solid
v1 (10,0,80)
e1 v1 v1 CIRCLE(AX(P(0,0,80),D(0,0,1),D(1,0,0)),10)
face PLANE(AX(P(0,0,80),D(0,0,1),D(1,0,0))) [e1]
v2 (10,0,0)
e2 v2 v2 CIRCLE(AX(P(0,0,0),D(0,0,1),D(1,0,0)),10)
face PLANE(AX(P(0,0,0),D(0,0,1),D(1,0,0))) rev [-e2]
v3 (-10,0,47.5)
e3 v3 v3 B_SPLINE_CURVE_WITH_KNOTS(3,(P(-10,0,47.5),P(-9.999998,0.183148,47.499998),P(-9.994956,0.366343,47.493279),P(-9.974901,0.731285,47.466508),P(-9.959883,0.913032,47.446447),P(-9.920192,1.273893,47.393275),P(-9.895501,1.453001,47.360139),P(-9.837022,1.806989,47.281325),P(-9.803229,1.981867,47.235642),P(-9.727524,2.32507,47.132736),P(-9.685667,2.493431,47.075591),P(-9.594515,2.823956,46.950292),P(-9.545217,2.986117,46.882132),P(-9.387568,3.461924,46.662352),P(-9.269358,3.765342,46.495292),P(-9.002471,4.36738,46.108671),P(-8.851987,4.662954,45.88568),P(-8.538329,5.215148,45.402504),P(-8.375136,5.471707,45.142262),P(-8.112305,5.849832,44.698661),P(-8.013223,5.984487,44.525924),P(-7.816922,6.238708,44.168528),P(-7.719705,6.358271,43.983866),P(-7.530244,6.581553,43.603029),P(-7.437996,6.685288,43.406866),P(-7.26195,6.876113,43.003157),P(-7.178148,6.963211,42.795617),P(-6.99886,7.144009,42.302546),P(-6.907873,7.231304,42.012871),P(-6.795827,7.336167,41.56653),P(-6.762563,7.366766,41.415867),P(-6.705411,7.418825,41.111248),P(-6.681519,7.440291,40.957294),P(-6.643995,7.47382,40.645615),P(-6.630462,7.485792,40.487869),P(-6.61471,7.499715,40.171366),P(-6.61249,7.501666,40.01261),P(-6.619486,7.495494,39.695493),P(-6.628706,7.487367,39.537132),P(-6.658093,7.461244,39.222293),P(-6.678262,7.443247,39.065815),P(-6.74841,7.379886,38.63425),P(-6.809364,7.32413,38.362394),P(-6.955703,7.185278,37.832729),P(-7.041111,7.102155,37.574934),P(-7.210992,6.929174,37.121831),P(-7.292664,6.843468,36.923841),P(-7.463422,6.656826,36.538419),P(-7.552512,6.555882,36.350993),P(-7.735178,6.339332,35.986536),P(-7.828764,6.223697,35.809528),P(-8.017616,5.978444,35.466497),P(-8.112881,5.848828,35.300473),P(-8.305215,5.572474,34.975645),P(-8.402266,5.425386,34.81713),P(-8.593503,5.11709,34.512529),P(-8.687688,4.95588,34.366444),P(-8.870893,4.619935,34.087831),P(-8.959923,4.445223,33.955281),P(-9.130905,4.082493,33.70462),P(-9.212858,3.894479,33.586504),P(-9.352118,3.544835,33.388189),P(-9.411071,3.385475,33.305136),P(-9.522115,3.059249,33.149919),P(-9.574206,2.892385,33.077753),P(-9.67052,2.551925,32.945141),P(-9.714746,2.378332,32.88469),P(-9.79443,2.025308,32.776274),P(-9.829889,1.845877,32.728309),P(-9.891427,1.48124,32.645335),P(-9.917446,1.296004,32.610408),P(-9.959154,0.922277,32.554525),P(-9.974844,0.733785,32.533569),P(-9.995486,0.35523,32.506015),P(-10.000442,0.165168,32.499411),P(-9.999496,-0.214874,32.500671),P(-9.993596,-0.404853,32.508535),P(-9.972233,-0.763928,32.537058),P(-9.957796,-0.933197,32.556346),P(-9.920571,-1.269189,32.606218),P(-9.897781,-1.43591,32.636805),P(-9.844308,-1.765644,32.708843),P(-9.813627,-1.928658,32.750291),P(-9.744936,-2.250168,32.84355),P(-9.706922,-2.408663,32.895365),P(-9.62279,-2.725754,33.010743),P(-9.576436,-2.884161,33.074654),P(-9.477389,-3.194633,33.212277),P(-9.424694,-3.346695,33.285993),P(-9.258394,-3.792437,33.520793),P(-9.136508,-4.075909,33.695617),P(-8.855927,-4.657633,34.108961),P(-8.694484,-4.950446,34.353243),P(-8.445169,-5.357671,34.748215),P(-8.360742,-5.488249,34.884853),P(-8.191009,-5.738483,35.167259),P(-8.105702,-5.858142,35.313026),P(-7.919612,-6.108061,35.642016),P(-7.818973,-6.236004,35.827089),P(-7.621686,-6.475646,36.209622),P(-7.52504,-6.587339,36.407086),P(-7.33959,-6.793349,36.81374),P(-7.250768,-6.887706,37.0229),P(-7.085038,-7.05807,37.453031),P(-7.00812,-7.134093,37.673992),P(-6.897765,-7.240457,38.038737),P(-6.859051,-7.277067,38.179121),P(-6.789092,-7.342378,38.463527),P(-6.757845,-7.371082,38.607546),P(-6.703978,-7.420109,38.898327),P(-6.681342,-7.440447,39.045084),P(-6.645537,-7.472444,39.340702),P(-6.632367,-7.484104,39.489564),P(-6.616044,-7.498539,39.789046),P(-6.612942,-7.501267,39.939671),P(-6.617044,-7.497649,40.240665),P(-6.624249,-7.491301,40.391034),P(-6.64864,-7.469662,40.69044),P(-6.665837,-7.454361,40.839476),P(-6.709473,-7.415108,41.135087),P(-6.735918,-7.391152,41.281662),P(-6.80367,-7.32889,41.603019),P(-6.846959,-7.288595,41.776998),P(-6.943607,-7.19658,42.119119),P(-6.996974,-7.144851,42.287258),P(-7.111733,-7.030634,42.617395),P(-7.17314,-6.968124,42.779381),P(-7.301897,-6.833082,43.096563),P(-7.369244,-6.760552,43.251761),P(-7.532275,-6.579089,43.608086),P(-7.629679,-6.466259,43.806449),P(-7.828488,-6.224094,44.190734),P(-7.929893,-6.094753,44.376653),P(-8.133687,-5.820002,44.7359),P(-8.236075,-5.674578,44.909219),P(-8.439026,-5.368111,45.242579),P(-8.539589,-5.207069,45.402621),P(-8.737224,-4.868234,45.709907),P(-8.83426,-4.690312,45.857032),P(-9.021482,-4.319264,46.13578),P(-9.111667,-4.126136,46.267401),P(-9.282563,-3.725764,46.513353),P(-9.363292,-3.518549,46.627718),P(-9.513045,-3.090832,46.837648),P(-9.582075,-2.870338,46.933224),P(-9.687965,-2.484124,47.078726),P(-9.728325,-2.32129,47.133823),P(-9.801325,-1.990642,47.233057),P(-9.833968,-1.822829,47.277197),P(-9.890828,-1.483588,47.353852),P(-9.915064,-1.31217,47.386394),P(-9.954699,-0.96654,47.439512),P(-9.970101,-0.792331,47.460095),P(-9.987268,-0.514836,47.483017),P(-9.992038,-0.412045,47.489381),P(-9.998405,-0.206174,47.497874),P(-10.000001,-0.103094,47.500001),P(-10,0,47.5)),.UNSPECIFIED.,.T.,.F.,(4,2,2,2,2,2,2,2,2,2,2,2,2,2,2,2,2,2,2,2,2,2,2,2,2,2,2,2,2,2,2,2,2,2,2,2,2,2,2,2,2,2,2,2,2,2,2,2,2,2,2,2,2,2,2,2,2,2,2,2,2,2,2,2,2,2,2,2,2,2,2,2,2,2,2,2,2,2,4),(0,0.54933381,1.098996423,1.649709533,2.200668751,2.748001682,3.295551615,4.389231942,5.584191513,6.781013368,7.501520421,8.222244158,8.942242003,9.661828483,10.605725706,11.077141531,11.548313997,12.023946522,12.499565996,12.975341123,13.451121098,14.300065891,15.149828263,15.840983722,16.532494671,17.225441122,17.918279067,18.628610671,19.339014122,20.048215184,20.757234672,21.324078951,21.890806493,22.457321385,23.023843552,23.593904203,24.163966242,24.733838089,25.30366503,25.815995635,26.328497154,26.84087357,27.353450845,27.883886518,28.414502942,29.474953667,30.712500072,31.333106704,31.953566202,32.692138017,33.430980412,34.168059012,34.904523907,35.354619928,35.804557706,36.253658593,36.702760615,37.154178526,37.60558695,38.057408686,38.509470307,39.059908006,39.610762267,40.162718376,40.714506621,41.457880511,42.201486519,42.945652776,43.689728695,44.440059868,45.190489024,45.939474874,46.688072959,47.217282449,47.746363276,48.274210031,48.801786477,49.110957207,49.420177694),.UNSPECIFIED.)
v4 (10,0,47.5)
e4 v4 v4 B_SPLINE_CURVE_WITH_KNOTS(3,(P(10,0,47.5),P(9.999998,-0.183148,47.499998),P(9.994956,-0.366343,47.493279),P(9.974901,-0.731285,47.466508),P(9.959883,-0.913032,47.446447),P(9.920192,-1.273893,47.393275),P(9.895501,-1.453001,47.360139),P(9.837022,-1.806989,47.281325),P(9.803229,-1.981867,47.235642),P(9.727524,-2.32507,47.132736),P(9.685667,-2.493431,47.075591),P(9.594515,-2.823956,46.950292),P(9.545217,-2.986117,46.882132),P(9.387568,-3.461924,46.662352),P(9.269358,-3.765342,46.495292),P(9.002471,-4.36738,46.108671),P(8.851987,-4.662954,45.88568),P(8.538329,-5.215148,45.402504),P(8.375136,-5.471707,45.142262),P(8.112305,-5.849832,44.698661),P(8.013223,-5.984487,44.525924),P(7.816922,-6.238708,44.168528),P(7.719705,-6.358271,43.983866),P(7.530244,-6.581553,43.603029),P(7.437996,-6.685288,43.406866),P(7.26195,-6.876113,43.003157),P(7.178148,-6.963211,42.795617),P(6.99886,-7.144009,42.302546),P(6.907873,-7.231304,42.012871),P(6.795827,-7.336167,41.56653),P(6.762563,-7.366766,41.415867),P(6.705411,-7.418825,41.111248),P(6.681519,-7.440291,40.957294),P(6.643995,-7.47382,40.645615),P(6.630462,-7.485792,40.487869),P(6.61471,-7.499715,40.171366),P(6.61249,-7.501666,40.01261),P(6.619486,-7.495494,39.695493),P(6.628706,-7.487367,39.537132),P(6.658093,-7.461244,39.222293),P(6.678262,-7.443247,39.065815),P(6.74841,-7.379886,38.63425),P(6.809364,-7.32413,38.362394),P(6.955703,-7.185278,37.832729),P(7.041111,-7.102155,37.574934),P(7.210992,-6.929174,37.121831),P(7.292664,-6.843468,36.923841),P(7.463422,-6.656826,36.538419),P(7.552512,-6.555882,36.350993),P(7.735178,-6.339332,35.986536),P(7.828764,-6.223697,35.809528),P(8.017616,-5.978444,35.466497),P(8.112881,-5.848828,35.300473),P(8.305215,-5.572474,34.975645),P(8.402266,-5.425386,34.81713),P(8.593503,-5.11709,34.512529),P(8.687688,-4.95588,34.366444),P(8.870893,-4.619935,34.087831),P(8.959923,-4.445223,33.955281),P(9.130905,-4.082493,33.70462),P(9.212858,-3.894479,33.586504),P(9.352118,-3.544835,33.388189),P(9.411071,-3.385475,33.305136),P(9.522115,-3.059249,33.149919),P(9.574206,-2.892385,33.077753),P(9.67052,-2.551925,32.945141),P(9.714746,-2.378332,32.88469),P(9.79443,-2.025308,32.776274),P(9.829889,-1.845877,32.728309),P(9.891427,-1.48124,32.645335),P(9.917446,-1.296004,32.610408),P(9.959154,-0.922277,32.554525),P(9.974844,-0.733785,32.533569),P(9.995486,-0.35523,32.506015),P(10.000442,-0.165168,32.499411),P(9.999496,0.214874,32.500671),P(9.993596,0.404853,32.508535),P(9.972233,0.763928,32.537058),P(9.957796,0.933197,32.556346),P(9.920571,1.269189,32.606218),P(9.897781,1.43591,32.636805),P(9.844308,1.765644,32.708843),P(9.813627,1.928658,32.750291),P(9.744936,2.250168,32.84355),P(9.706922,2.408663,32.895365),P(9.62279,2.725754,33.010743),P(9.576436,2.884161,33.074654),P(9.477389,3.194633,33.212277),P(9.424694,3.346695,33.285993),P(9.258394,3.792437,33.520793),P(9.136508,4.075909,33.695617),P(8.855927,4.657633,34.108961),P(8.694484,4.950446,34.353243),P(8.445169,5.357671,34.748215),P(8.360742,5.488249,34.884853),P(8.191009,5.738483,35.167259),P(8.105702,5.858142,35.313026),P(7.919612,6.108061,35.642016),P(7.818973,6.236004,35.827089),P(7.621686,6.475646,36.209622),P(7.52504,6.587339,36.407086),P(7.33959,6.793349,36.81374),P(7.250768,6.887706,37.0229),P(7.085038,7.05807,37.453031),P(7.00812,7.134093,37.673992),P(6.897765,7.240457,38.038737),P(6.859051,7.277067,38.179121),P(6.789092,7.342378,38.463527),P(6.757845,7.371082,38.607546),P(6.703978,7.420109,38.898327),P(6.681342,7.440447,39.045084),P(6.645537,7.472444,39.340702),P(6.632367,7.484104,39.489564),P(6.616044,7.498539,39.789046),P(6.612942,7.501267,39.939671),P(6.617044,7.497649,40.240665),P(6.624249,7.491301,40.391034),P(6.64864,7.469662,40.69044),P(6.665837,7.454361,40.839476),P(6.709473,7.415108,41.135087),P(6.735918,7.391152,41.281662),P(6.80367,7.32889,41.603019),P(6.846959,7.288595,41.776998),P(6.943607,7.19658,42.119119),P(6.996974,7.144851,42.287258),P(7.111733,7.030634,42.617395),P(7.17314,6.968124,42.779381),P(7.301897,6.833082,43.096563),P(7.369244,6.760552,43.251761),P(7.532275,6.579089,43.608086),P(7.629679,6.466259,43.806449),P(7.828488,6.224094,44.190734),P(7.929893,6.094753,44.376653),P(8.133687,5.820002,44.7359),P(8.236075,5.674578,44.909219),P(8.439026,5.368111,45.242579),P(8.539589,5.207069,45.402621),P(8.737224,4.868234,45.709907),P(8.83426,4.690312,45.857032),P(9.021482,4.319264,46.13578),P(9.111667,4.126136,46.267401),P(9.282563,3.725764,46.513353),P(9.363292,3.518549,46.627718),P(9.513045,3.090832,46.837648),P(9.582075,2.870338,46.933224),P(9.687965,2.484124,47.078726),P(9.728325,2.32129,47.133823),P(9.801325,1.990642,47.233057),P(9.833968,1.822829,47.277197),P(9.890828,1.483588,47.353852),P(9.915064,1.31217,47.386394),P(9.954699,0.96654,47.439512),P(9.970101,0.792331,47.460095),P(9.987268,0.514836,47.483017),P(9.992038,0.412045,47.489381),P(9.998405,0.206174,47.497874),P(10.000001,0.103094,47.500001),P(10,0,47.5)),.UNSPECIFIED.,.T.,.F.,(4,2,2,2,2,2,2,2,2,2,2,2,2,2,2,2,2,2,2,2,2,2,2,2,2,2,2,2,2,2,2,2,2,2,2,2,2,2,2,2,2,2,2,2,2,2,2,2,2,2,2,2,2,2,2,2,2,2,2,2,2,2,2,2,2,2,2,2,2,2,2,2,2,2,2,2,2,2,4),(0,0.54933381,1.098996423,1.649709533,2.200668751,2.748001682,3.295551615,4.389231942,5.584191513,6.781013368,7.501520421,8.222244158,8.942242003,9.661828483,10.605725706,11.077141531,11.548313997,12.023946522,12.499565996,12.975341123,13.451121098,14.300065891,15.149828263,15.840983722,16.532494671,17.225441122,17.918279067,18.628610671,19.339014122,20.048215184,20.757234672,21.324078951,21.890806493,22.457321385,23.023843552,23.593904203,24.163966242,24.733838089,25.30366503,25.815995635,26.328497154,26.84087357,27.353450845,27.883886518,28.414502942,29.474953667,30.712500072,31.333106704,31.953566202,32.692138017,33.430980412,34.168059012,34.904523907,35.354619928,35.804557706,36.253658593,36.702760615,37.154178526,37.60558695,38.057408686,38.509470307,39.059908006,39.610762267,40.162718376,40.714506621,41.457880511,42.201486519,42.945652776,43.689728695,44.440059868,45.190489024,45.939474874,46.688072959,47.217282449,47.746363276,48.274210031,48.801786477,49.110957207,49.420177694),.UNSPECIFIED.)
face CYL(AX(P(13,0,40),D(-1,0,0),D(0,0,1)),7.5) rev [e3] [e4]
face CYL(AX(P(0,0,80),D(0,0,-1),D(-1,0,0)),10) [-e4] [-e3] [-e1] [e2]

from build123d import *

# Parameters (mm, degrees)
SKETCH1_R               = 10
BOSS_EXTRUDE1_DEPTH     = 80
CUT_EXTRUDE1_DEPTH      = 13
CUT_EXTRUDE1_DEPTH_BACK = 14
SKETCH2_R               = 7.5


with BuildPart() as part:
    # Sketch1 → Boss-Extrude1 (new body)
    with BuildSketch(Plane.XY):
        Circle(SKETCH1_R)
    extrude(amount=BOSS_EXTRUDE1_DEPTH)

    # Sketch2 → Cut-Extrude1 (cut, two sides: drawn at the far end of the back side and taken through both)
    with BuildSketch(Plane(origin=(0, 0, 0), x_dir=(0, 0, -1), z_dir=(1, 0, 0)).offset(-CUT_EXTRUDE1_DEPTH_BACK)):
        with Locations(Location((-40, 0, 0), (0, 0, 180))):
            Circle(SKETCH2_R)
    extrude(amount=CUT_EXTRUDE1_DEPTH + CUT_EXTRUDE1_DEPTH_BACK, mode=Mode.SUBTRACT)


solid = part.part
